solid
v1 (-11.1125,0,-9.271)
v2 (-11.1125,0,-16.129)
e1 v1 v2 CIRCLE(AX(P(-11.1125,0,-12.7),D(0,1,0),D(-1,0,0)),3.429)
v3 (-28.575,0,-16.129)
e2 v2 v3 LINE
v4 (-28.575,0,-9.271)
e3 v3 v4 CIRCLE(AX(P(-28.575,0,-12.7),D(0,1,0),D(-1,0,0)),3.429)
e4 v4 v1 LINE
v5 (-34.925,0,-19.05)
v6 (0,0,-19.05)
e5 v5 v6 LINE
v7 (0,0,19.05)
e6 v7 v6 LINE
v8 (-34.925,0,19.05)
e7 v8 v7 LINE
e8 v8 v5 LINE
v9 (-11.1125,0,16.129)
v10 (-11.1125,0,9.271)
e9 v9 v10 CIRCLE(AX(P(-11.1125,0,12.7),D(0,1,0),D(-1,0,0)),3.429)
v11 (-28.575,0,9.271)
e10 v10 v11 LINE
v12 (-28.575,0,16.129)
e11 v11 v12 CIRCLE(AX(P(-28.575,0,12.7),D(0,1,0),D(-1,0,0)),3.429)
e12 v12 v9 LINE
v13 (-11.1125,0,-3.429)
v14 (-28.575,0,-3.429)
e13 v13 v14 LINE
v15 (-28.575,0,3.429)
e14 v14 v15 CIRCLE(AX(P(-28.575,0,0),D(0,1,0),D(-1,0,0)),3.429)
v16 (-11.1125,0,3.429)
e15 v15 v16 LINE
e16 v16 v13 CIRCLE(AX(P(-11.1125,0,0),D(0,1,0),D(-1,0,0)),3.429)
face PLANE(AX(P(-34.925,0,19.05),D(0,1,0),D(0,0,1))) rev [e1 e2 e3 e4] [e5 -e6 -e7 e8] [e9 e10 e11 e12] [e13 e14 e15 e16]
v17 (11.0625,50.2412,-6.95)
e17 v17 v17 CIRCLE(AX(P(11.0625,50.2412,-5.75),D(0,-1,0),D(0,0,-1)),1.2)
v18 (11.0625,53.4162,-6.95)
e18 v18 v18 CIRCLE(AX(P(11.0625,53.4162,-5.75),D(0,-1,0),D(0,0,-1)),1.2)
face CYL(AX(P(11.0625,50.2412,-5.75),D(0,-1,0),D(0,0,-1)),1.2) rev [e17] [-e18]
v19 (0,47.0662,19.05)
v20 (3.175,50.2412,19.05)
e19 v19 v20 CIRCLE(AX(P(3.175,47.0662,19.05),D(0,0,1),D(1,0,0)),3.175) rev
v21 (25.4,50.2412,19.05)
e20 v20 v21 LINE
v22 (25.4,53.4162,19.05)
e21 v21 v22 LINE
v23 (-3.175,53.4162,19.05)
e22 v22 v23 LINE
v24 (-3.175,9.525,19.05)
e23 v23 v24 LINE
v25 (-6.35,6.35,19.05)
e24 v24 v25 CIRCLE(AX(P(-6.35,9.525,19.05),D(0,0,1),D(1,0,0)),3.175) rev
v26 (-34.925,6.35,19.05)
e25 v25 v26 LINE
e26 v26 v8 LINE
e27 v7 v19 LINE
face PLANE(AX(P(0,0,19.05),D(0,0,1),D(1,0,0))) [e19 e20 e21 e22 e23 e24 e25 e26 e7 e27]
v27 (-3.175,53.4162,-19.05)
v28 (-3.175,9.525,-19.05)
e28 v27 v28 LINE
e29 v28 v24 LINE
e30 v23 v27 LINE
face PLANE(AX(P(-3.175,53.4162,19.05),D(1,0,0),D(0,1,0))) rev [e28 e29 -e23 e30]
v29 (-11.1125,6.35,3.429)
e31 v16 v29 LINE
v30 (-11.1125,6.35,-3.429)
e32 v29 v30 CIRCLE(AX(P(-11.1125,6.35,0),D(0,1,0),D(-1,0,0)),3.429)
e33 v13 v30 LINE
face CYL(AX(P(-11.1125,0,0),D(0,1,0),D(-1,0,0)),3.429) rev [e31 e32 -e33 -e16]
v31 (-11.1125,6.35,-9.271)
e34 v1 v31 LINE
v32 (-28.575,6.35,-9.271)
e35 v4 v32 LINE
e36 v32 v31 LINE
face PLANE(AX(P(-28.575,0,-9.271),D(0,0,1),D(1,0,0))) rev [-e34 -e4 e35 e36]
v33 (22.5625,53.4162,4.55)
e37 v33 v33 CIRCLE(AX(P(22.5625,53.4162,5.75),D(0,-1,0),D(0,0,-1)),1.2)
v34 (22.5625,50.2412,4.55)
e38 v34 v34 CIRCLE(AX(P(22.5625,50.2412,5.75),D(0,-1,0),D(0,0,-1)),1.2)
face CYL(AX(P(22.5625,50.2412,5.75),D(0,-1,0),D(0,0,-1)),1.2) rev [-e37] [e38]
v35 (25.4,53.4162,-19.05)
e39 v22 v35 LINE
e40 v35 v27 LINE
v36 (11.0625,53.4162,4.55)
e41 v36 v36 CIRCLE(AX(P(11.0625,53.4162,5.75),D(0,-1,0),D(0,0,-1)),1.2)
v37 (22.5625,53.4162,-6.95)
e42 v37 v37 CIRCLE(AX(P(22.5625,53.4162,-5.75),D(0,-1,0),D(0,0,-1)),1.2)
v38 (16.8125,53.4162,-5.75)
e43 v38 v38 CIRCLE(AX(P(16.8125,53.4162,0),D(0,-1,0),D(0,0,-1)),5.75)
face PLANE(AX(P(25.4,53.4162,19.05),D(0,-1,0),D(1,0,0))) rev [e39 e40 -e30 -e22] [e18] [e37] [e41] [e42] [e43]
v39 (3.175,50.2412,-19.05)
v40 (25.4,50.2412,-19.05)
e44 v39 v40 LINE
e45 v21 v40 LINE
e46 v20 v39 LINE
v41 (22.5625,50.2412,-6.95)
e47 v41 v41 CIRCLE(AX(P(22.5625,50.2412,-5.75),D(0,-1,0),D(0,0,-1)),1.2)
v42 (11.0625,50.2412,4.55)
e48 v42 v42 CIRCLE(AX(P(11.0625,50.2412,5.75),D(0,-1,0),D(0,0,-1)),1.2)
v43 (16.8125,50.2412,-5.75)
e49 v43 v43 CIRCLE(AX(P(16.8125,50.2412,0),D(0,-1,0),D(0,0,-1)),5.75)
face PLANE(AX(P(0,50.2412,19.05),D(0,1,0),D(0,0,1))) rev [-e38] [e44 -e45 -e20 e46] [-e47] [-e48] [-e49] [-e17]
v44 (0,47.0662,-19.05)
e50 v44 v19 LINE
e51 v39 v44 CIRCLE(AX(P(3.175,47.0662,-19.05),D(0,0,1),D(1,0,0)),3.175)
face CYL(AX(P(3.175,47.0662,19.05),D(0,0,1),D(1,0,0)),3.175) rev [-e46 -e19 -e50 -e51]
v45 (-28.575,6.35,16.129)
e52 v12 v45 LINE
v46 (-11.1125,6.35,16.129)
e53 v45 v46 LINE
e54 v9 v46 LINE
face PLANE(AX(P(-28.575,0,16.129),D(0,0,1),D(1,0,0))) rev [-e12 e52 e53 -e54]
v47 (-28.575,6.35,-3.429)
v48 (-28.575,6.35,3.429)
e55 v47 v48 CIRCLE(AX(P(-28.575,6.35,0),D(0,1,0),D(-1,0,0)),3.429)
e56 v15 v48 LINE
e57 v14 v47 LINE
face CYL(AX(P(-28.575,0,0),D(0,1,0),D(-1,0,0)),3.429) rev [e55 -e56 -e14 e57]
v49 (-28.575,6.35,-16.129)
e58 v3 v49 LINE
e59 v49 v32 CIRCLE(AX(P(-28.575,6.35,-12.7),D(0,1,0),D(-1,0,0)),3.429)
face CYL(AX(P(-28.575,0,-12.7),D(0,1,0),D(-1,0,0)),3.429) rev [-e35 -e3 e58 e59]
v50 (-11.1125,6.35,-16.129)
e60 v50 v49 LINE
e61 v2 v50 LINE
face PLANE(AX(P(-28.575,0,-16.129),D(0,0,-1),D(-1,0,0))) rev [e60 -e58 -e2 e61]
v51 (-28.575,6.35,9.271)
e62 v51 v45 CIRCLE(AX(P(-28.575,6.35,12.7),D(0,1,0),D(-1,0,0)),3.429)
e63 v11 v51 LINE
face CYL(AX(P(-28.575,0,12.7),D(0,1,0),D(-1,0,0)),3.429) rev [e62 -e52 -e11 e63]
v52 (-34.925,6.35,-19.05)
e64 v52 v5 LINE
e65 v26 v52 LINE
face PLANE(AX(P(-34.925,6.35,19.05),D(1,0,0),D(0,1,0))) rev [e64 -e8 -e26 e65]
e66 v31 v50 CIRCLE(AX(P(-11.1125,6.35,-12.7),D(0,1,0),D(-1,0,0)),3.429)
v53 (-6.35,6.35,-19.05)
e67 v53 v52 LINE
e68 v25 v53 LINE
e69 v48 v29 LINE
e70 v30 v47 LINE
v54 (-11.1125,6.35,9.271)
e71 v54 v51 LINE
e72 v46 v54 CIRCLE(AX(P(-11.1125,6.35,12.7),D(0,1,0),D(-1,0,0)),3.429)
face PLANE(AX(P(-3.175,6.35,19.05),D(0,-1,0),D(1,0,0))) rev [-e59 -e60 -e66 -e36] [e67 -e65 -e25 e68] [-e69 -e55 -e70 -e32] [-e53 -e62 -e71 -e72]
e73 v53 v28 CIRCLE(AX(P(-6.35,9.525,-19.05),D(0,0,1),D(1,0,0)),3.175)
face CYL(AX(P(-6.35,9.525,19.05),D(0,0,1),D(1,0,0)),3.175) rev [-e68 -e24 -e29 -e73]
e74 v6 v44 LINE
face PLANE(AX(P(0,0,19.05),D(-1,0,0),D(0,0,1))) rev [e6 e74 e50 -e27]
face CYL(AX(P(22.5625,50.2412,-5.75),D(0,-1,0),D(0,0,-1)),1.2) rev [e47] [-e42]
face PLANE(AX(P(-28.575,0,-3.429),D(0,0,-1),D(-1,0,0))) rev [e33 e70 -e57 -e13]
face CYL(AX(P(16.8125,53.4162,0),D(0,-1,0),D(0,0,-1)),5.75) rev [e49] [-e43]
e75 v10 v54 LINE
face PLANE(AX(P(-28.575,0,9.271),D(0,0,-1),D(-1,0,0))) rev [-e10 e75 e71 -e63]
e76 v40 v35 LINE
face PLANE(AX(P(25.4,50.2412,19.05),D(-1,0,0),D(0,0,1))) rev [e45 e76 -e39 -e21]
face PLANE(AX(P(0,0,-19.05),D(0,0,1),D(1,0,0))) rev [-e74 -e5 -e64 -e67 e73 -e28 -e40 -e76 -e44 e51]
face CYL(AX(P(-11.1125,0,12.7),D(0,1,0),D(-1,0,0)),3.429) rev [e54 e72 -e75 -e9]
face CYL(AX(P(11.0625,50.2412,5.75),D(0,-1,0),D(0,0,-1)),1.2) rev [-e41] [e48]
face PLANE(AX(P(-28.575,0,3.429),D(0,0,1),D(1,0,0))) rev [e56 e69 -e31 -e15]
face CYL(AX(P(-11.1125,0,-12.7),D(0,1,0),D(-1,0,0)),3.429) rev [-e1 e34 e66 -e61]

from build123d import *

# Parameters (mm, degrees)
BOSS_EXTRUDE1_DEPTH  = 19.05
FILLET1_R            = 3.175
SKETCH2_R            = 5.75
CUT_EXTRUDE1_DEPTH   = 4.175
M2_CLEARANCE_HOLE1_D = 2.4
CUT_EXTRUDE2_DEPTH   = 7.35
LPATTERN1_COUNT      = 2
LPATTERN1_PITCH      = 12.7
LPATTERN1_COL_COUNT  = 2
LPATTERN1_COL_PITCH  = 12.7


with BuildPart() as part:
    # Sketch1 → Boss-Extrude1 (new body, symmetric)
    with BuildSketch(Plane.XY):
        Polygon((-34.925, 0), (0, 0), (0, 50.2412), (25.4, 50.2412), (25.4, 53.4162), (-3.175, 53.4162), (-3.175, 6.35), (-34.925, 6.35), align=None)
    extrude(amount=BOSS_EXTRUDE1_DEPTH, both=True)

    # Fillet1
    fillet1_edges = [part.edges().sort_by_distance(p)[0] for p in [
        (-3.175, 6.35, 0),
        (0, 50.2412, 0),
    ]]
    fillet(fillet1_edges, radius=FILLET1_R)

    # Sketch2 → Cut-Extrude1 (cut, through all)
    with BuildSketch(Plane(origin=(16.8125, 50.2412, 0), x_dir=(1, 0, 0), z_dir=(0, -1, 0))):
        Circle(SKETCH2_R)
    extrude(amount=-CUT_EXTRUDE1_DEPTH, mode=Mode.SUBTRACT)

    # M2 Clearance Hole1 (through all)
    with Locations(Plane(origin=(16.8125, 50.2412, 0), x_dir=(-1, 0, 0), z_dir=(0, -1, 0))):
        with Locations((-5.75, -5.75), (-5.75, 5.75), (5.75, 5.75), (5.75, -5.75)):
            Hole(M2_CLEARANCE_HOLE1_D / 2)

    # Sketch5 → Cut-Extrude2 (cut, through all)
    with BuildSketch(Plane(origin=(0, 6.35, 0), x_dir=(1, 0, 0), z_dir=(0, 1, 0))):
        with BuildLine():
            Line((-28.575, 3.429), (-11.1125, 3.429))
            ThreePointArc((-11.1125, 3.429), (-7.6835, 0), (-11.1125, -3.429))
            Line((-11.1125, -3.429), (-28.575, -3.429))
            ThreePointArc((-28.575, -3.429), (-32.004, 0), (-28.575, 3.429))
        make_face()
    cut_extrude2 = extrude(amount=-CUT_EXTRUDE2_DEPTH, mode=Mode.SUBTRACT)

    # LPattern1: Cut-Extrude2 ×2
    with Locations(*[(0, 0, i * LPATTERN1_PITCH) for i in range(1, LPATTERN1_COUNT)]):
        add(cut_extrude2, mode=Mode.SUBTRACT)

    # LPattern1 col: Cut-Extrude2 ×2
    with Locations(*[(0, 0, -i * LPATTERN1_COL_PITCH) for i in range(1, LPATTERN1_COL_COUNT)]):
        add(cut_extrude2, mode=Mode.SUBTRACT)


solid = part.part
